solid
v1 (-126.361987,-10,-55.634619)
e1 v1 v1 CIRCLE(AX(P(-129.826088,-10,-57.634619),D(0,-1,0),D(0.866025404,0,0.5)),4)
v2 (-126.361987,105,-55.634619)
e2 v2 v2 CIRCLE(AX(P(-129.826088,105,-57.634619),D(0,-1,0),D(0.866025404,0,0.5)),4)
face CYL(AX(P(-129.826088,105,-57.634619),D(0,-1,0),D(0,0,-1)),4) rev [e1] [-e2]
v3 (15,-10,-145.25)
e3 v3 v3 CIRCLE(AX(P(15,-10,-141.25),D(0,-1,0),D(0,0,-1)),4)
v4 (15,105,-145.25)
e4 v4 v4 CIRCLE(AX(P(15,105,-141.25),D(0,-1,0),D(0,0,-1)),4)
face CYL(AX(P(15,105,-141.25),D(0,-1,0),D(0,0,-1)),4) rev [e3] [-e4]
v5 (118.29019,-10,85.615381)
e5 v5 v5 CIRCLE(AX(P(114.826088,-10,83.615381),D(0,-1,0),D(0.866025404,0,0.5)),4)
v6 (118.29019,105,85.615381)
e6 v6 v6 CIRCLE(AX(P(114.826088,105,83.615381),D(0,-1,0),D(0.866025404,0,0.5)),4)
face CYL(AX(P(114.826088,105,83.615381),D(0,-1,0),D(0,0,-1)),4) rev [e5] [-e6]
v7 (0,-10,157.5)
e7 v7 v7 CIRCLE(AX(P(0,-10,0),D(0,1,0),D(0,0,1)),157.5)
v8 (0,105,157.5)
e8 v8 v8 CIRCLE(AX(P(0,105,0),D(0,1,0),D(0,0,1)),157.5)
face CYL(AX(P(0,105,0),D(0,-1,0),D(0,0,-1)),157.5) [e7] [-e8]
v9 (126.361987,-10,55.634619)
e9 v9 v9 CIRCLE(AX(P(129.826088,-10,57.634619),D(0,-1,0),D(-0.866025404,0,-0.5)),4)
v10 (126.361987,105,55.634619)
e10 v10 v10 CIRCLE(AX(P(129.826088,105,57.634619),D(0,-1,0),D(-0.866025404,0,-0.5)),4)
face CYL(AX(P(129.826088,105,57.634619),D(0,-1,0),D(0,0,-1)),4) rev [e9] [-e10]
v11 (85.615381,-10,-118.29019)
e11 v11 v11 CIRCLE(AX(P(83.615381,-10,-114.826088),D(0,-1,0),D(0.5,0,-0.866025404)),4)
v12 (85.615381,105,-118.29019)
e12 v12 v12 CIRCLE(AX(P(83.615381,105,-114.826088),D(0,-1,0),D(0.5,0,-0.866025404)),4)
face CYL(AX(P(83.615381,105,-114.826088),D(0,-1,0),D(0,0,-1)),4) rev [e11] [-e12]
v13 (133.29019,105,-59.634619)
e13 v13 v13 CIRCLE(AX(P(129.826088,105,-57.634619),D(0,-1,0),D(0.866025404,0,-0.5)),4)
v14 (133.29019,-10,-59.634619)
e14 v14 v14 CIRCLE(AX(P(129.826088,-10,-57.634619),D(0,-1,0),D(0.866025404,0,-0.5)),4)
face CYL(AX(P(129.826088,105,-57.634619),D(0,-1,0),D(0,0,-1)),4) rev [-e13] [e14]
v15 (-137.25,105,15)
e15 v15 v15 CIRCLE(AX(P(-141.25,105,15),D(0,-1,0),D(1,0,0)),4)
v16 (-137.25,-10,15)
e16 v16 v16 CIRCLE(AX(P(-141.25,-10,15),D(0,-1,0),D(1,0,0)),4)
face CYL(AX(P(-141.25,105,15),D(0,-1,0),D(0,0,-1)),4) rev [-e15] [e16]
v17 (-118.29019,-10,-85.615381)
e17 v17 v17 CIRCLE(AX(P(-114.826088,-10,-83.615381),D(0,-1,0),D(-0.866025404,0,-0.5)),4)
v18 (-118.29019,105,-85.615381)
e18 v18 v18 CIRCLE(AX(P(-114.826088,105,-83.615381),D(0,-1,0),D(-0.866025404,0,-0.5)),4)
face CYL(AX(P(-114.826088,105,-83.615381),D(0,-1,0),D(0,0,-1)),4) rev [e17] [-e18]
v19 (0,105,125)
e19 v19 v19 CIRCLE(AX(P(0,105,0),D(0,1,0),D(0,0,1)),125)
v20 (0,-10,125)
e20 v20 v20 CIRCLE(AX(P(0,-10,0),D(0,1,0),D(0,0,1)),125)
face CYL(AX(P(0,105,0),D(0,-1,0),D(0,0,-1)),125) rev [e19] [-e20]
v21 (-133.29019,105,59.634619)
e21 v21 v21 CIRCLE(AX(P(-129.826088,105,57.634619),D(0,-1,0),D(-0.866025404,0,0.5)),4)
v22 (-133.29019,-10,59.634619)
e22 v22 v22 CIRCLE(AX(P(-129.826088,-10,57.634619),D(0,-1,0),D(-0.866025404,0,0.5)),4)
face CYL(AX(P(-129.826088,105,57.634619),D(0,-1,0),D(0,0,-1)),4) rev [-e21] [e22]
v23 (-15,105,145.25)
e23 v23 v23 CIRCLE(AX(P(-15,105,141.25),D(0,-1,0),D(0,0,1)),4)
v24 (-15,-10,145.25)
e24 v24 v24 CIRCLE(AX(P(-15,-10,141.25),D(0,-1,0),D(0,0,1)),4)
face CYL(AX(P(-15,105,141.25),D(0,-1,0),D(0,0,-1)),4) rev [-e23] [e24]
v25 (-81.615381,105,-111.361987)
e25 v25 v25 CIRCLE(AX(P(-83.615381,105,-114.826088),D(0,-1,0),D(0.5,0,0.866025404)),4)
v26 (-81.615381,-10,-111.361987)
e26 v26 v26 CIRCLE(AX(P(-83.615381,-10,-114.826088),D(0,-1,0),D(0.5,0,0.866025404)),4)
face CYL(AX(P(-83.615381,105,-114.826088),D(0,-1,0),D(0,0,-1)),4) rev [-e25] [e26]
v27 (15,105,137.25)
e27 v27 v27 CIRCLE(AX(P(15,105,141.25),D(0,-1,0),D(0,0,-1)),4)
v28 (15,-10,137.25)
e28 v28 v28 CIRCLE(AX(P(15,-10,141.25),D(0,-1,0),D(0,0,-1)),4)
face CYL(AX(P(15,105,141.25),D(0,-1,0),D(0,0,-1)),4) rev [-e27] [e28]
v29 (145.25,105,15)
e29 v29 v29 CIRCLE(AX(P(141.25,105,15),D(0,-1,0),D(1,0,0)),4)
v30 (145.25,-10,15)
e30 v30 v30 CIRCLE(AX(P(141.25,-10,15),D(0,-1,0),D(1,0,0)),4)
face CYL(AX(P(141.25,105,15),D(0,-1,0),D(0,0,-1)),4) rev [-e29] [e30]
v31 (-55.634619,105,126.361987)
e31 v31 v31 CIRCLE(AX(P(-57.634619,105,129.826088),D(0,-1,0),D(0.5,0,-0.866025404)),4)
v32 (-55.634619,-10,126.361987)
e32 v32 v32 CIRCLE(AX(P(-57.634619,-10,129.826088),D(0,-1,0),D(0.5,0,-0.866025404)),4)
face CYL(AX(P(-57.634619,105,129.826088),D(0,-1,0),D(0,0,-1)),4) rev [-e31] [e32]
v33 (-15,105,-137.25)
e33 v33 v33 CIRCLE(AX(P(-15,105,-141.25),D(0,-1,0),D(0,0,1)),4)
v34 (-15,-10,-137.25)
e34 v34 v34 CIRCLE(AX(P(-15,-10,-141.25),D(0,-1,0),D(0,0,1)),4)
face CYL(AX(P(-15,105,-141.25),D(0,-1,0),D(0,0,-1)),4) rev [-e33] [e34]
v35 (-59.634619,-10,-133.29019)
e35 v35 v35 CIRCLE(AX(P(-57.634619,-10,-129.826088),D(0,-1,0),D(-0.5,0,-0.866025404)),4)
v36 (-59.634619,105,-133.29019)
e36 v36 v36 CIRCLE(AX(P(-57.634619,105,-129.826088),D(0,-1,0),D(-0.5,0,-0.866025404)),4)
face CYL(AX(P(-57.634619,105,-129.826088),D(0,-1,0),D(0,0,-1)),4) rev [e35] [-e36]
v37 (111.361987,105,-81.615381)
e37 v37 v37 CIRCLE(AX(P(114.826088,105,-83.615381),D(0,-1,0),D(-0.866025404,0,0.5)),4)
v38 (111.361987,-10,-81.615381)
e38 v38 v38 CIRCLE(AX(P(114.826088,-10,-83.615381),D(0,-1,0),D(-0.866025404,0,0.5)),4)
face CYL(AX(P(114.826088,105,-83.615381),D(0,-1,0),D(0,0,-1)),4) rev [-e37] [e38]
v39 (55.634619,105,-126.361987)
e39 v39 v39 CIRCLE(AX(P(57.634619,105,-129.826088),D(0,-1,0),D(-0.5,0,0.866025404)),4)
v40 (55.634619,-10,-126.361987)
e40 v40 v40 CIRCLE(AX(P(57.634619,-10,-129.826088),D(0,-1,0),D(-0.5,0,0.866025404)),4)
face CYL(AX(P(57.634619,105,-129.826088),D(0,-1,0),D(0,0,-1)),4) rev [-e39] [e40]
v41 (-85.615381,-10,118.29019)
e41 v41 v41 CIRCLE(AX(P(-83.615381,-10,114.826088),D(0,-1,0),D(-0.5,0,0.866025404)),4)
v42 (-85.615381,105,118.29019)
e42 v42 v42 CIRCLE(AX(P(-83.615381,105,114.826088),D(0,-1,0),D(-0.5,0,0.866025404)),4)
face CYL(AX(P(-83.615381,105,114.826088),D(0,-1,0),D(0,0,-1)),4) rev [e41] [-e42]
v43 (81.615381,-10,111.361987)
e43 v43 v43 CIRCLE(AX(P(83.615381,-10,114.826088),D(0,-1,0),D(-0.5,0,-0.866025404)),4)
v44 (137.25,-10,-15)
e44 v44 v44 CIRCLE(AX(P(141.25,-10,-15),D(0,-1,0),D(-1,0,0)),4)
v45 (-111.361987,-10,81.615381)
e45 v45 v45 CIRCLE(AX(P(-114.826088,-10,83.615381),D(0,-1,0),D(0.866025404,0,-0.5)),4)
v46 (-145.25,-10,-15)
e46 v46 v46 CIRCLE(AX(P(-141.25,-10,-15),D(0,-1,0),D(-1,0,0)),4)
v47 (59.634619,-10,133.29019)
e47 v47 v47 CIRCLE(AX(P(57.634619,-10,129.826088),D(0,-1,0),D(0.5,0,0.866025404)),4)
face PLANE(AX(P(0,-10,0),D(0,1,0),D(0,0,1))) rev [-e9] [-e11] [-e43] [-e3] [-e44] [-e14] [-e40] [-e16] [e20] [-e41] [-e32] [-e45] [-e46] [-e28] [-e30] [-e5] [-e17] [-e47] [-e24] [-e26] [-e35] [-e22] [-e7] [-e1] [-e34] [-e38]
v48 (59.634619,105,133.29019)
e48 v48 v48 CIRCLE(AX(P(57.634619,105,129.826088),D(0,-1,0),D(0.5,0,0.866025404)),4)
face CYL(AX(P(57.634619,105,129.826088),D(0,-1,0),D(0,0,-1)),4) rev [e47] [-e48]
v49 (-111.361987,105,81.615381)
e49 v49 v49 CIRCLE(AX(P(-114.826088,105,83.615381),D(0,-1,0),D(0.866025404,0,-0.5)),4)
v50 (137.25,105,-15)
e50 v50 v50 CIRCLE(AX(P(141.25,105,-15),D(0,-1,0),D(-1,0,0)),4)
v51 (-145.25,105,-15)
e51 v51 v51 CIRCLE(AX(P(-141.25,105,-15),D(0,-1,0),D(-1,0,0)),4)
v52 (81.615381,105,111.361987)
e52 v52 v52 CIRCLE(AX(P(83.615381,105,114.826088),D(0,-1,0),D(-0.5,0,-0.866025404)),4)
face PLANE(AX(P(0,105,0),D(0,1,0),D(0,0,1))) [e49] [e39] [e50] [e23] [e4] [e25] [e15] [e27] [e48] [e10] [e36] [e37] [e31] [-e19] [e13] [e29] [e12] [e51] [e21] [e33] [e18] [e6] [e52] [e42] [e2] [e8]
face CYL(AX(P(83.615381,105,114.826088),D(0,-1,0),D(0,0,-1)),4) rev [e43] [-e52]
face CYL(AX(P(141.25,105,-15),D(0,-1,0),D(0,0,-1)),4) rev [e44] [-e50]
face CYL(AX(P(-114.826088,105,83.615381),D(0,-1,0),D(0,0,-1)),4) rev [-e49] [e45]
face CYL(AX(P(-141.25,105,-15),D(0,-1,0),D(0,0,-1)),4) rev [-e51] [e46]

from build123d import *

# Parameters (mm, degrees)
BOSS_EXTRUDE1_DEPTH      = 105
BOSS_EXTRUDE1_DEPTH_BACK = 10
SKETCH1_R                = 157.5
SKETCH1_R_2              = 125
SKETCH3_R                = 4
CUT_EXTRUDE2_DEPTH       = 251.674091202
CIRPATTERN2_COUNT        = 12


with BuildPart() as part:
    # Sketch1 → Boss-Extrude1 (new, two sides: drawn at the far end of the back side and taken through both)
    with BuildSketch(Plane(origin=(0, 0, 0), x_dir=(1, 0, 0), z_dir=(0, 1, 0)).offset(-BOSS_EXTRUDE1_DEPTH_BACK)):
        with Locations(Location((0, 0, 0), (0, 0, 270))):
            Circle(SKETCH1_R)
        with Locations(Location((0, 0, 0), (0, 0, 270))):
            Circle(SKETCH1_R_2, mode=Mode.SUBTRACT)
    extrude(amount=BOSS_EXTRUDE1_DEPTH + BOSS_EXTRUDE1_DEPTH_BACK)

    # Sketch3 → Cut-Extrude2 (cut, through all)
    with BuildSketch(Plane(origin=(0, -10, 0), x_dir=(-1, 0, 0), z_dir=(0, -1, 0))):
        with Locations(Location((-15, 141.25, 0), (0, 0, 90))):
            Circle(SKETCH3_R)
        with Locations(Location((15, 141.25, 0), (0, 0, 270))):
            Circle(SKETCH3_R)
    cut_extrude2 = extrude(amount=-CUT_EXTRUDE2_DEPTH, mode=Mode.SUBTRACT)

    # CirPattern2: Cut-Extrude2 ×12 about axis
    cirpattern2_axis = Axis((0, 0, 0), (0, 1, 0))
    for i in range(1, CIRPATTERN2_COUNT):
        add(cut_extrude2.rotate(cirpattern2_axis, i * 360 / CIRPATTERN2_COUNT), mode=Mode.SUBTRACT)


solid = part.part
